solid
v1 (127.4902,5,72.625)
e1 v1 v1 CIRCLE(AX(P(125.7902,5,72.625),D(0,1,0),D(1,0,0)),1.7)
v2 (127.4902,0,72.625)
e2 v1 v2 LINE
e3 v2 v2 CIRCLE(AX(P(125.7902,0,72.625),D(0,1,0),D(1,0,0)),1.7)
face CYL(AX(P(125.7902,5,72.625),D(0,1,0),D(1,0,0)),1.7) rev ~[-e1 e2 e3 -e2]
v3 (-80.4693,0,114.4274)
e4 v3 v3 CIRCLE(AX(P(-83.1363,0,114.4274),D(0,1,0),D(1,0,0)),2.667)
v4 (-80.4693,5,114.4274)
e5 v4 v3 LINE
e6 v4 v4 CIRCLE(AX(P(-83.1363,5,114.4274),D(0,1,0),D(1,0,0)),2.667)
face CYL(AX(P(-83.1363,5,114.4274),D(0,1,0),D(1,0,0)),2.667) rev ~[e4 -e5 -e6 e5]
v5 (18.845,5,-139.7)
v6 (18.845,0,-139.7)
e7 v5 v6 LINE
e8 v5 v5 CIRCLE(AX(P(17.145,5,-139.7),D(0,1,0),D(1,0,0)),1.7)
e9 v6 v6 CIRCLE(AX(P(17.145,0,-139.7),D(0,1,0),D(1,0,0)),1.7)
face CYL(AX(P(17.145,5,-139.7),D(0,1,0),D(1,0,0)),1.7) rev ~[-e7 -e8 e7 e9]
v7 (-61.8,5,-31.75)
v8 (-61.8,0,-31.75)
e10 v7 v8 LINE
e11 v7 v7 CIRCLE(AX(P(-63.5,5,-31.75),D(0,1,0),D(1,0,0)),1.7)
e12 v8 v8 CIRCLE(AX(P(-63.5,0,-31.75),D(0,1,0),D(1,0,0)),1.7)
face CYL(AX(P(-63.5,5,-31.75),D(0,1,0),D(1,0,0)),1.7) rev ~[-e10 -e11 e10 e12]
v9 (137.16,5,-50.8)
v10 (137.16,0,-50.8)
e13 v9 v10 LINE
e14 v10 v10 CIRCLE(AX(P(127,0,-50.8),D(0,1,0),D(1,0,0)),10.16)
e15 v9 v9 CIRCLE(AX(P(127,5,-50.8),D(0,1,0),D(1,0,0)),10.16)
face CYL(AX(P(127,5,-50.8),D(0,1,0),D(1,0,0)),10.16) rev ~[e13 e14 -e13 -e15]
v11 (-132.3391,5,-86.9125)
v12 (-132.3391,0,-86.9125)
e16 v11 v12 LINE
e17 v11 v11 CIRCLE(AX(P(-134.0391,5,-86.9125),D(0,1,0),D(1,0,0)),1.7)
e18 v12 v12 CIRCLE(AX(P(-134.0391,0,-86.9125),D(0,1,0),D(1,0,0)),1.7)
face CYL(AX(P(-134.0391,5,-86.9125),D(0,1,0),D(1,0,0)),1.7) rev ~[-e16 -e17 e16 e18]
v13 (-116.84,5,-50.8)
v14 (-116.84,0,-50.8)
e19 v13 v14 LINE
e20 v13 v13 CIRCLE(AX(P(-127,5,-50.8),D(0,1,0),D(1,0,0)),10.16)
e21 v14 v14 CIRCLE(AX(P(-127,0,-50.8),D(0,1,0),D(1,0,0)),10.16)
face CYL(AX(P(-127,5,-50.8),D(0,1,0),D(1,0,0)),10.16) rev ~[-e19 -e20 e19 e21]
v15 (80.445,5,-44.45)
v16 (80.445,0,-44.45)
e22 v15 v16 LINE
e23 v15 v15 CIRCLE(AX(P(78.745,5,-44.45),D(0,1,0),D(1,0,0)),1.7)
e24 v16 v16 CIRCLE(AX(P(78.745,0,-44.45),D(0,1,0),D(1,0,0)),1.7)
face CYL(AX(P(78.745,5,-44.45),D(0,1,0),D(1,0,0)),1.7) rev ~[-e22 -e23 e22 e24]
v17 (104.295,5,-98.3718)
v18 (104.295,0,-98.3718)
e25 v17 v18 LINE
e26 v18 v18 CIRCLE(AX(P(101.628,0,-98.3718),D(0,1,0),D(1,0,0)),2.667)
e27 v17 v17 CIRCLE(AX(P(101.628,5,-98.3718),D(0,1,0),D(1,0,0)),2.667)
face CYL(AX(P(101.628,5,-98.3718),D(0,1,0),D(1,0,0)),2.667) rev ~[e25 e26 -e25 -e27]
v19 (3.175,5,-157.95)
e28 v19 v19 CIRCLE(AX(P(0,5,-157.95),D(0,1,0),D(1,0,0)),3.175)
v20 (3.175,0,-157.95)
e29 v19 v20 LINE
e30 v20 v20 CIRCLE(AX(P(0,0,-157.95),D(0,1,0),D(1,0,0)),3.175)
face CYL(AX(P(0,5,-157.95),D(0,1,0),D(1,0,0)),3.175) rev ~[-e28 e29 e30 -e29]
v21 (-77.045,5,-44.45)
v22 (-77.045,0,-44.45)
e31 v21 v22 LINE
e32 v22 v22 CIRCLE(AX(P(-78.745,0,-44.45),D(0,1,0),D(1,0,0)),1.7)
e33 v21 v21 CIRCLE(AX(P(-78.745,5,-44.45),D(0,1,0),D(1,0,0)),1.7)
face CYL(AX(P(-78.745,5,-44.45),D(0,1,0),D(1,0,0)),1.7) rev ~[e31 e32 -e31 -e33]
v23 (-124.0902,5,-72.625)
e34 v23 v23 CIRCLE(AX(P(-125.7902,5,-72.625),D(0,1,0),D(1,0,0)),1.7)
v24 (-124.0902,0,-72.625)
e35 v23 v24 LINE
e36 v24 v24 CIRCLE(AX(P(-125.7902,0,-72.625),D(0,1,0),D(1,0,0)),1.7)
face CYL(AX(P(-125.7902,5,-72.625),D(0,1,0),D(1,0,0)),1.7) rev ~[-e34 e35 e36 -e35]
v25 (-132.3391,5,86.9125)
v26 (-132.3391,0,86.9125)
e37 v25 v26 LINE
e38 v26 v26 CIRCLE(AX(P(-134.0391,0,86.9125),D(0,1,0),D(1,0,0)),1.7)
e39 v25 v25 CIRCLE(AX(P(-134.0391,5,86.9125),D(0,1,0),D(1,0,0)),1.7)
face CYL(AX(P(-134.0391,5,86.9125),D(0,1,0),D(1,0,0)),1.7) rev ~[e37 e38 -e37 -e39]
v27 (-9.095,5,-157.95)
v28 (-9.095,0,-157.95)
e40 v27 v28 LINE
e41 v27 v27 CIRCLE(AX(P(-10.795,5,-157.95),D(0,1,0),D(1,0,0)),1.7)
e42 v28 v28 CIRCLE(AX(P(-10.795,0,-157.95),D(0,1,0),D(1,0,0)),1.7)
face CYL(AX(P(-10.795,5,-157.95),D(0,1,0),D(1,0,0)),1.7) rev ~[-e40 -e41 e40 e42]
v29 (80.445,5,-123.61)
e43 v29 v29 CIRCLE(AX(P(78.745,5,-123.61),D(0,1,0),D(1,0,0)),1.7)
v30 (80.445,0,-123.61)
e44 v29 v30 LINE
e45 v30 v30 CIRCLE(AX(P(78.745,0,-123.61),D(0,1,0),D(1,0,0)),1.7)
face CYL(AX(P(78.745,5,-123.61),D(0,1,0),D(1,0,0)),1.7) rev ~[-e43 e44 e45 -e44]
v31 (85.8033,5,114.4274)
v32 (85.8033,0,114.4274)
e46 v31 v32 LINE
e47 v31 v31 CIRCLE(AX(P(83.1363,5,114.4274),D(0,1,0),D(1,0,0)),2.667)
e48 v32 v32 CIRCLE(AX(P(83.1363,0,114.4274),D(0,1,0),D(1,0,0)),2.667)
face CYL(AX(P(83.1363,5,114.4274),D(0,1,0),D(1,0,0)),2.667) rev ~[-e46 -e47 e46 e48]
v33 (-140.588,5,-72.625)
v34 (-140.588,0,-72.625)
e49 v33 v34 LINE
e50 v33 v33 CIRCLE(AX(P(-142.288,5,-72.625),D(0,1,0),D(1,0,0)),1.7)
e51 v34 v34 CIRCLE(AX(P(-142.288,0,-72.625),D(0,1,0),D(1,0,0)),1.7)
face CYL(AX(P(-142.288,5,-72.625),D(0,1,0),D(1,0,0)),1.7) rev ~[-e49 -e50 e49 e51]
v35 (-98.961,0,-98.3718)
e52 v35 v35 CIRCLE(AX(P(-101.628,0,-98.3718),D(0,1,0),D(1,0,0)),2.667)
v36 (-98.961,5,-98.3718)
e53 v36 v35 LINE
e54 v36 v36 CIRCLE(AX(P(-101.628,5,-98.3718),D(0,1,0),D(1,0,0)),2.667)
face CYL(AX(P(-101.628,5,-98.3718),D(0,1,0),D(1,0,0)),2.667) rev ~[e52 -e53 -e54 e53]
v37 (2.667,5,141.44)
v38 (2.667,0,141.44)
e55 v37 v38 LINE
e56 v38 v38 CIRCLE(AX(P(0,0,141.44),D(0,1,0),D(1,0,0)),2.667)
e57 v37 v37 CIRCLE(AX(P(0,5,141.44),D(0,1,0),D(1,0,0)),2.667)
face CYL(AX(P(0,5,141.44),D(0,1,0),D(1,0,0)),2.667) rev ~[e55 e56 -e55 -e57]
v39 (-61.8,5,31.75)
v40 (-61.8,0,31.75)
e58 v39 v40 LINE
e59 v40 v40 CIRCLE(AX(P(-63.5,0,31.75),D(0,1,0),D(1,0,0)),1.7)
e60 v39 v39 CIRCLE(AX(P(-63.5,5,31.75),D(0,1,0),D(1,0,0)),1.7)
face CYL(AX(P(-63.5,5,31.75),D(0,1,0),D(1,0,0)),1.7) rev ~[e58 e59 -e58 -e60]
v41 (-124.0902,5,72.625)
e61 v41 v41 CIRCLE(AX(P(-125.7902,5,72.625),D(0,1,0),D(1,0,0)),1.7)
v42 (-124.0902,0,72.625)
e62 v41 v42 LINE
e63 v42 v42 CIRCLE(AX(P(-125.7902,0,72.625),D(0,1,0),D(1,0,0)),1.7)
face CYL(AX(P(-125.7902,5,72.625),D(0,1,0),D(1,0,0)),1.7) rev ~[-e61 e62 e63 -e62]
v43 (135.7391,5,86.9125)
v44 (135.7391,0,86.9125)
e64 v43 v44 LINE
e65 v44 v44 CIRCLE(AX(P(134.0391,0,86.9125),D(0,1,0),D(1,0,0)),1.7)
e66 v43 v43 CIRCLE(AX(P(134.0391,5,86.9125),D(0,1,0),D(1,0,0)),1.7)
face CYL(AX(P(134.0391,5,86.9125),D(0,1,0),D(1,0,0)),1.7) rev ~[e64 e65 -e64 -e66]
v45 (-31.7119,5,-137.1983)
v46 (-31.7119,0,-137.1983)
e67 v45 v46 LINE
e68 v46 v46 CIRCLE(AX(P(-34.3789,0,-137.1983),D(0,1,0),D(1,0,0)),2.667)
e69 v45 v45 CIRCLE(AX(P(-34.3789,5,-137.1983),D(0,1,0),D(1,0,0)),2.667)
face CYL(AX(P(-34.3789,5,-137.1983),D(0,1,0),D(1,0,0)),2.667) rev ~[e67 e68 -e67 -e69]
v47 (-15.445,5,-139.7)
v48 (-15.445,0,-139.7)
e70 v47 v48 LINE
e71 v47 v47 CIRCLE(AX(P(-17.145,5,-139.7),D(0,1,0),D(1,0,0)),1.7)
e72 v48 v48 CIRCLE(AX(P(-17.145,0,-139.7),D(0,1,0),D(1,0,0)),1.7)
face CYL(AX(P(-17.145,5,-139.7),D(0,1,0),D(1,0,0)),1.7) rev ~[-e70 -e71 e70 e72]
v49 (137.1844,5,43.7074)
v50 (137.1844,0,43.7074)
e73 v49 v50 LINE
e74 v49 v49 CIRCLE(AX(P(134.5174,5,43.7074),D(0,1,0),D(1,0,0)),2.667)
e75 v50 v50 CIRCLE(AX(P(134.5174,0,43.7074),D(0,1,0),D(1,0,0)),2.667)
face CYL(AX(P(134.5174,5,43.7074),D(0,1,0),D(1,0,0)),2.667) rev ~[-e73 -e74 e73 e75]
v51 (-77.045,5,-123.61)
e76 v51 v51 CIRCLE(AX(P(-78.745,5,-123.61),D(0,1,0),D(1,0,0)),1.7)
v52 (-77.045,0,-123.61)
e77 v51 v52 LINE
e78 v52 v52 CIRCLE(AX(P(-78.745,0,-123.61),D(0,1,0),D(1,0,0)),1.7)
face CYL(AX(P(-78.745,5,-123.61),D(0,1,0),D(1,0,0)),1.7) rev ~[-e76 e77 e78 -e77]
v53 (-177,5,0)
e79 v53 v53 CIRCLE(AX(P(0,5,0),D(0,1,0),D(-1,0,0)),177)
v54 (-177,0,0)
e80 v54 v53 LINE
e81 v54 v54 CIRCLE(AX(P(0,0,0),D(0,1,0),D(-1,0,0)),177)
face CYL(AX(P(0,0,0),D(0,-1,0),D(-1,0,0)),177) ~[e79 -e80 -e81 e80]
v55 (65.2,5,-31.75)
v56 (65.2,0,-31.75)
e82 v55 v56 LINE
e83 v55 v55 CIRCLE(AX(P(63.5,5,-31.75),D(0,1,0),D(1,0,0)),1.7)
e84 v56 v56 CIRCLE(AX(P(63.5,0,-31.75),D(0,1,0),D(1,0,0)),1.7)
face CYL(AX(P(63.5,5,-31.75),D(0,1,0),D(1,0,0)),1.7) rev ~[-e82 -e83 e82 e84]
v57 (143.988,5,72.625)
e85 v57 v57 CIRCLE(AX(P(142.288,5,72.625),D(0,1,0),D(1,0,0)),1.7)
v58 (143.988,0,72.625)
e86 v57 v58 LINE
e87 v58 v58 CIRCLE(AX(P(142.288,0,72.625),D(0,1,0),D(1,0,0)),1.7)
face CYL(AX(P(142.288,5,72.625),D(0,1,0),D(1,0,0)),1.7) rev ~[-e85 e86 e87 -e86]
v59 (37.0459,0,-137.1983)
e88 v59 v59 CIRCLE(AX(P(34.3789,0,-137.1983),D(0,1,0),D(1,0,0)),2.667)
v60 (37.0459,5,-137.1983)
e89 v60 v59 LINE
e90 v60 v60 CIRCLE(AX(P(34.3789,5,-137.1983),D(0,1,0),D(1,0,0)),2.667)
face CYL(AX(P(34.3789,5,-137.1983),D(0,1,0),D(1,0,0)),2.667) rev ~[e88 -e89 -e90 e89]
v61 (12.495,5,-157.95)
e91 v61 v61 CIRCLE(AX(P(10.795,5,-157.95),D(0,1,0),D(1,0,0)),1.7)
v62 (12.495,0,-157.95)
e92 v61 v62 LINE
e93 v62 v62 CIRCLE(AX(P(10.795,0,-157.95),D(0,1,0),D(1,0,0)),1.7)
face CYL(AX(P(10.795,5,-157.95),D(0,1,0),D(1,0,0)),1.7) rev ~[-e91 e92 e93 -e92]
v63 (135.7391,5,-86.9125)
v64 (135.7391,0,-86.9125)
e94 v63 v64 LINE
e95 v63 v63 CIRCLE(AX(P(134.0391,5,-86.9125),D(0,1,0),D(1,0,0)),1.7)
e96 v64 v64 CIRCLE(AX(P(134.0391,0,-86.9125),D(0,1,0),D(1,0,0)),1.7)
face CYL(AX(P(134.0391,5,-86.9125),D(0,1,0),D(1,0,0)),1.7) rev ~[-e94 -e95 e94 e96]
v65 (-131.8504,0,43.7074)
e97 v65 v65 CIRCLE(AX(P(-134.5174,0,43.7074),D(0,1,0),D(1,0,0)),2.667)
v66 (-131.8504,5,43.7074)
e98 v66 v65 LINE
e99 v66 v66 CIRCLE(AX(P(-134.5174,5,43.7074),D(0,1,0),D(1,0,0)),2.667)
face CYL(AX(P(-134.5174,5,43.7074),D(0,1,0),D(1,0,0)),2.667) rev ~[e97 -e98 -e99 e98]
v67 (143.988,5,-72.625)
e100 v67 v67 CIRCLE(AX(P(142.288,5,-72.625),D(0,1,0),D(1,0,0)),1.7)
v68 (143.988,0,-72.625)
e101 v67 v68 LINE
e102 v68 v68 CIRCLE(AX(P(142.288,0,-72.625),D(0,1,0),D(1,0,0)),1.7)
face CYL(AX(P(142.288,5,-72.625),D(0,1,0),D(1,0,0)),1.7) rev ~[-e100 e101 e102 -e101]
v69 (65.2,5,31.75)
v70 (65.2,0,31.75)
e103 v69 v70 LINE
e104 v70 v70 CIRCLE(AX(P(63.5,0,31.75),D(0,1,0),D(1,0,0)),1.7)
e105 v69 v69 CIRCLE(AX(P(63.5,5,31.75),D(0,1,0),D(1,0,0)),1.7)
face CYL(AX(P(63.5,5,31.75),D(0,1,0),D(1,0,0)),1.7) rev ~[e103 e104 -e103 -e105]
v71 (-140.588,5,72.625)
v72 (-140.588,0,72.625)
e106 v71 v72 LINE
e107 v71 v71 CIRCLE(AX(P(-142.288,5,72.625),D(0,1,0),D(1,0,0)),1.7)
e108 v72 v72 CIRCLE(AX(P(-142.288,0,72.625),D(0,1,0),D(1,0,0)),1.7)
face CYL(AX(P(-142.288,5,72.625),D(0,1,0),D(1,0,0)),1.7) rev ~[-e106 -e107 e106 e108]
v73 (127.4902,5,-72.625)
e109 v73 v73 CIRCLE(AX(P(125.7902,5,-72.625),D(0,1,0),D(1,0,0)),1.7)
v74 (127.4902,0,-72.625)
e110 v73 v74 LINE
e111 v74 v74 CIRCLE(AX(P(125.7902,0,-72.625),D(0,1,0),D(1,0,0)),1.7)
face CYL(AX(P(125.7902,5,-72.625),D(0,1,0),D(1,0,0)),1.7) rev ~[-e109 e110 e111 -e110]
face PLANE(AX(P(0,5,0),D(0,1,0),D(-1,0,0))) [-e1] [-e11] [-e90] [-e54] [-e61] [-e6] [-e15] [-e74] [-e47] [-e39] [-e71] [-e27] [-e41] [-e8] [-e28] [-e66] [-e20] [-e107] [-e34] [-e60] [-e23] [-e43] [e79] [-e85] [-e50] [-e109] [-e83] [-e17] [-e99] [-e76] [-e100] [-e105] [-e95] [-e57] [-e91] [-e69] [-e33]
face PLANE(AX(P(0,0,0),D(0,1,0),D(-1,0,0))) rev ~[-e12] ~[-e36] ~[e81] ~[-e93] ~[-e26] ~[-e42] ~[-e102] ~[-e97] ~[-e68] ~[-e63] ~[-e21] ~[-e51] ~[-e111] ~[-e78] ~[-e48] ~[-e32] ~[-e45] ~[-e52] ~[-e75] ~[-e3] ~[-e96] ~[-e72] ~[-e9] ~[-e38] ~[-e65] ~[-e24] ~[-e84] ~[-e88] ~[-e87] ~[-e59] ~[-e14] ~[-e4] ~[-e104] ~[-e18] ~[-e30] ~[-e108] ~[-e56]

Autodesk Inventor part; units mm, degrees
ref_plane "YZ Plane" through (0, 0, 0) normal (1, 0, 0) x (0, 1, 0)
ref_plane "XZ Plane" through (0, 0, 0) normal (0, 1, 0) x (-1, 0, 0)
ref_plane "XY Plane" through (0, 0, 0) normal (0, 0, 1) x (1, 0, 0)
sketch "Sketch1" plane through (0, 0, 0) normal (0, 1, 0) x (-1, 0, 0)
  circle A0 centre (0, 0) radius 177
  dimension "d0" = 354
extrude "Extrusion1" add sketch "Sketch1" along normal blind 5
sketch "Sketch2" plane through (0, 5, 0) normal (0, 1, 0) x (1, 0, 0)
  line L0 (0, 0) -> (153.2865, -88.5) construction
  circle A0 centre (0, 0) radius 177 construction
  line L1 (-177, 0) -> (177, 0) construction
  circle A1 centre (142.288, -82.15) radius 1.7
  line L2 (142.288, -82.15) -> (134.0391, -77.3875) construction
  circle A2 centre (142.288, -72.625) radius 1.7
  circle A3 centre (134.0391, -67.8625) radius 1.7
  circle A4 centre (125.7902, -72.625) radius 1.7
  circle A5 centre (125.7902, -82.15) radius 1.7
  circle A6 centre (134.0391, -86.9125) radius 1.7
  line L3 (0, 177) -> (0, -177) construction
  circle A7 centre (0, 0) radius 177 construction
  circle A8 centre (-142.288, -72.625) radius 1.7
  circle A9 centre (-125.7902, -72.625) radius 1.7
  circle A10 centre (-134.0391, -86.9125) radius 1.7
  circle A11 centre (0, 0) radius 177 construction
  circle A12 centre (142.288, 72.625) radius 1.7
  circle A13 centre (125.7902, 72.625) radius 1.7
  circle A14 centre (134.0391, 86.9125) radius 1.7
  circle A15 centre (-125.7902, 72.625) radius 1.7
  circle A16 centre (-142.288, 72.625) radius 1.7
  circle A17 centre (-134.0391, 86.9125) radius 1.7
  dimension "d3" = 30
  dimension "d4" = 3.4
  dimension "d5" = 12.7
  dimension "d6" = 9.525
  dimension "d9" = 360
extrude "Standoffs" cut sketch "Sketch2" against normal through all contours A2 | A4 | A6 | A8 | A9 | A10 | A12 | A13 | A14 | A15 | A16 | A17
sketch "Sketch3" plane through (0, 5, 0) normal (0, 1, 0) x (1, 0, 0)
  circle A0 centre (-127, 50.8) radius 10.16
  circle A1 centre (127, 50.8) radius 10.16
  circle A2 centre (0, 0) radius 177 construction
  circle A3 centre (0, 0) radius 177 construction
  line L0 (0, 0) -> (0, 177) construction
  line L1 (0, 0) -> (177, 0) construction
  line L2 (0, 0) -> (-177, 0) construction
  dimension "d13" = 20.32
  dimension "d14" = 20.32
  dimension "d19" = 127
  dimension "d20" = 127
  dimension "d21" = 50.8
  dimension "d22" = 50.8
extrude "Wires" cut sketch "Sketch3" against normal through all
sketch "Sketch4" plane through (0, 5, 0) normal (0, 1, 0) x (1, 0, 0)
  circle A0 centre (0, -141.44) radius 2.667
  circle A1 centre (0, 0) radius 177 construction
  line L0 (0, 0) -> (0, -177) construction
  line L1 (0, -177) -> (48.7641, -177) construction
  circle A2 centre (83.1363, -114.4274) radius 2.667
  circle A3 centre (-83.1363, -114.4274) radius 2.667
  circle A4 centre (134.5174, -43.7074) radius 2.667
  circle A5 centre (-134.5174, -43.7074) radius 2.667
  circle A6 centre (-34.3789, 137.1983) radius 2.667
  circle A7 centre (-101.628, 98.3718) radius 2.667
  line L2 (0, 0) -> (-34.3789, 137.1983) construction
  line L3 (0, 177) -> (0, -177) construction
  line L4 (-101.628, 98.3718) -> (0, 0) construction
  circle A8 centre (34.3789, 137.1983) radius 2.667
  circle A9 centre (101.628, 98.3718) radius 2.667
  dimension "d25" = 5.334
  dimension "d28" = 35.56
  dimension "d31" = 144
  dimension "d67" = 5.334
  dimension "d68" = 5.334
  dimension "d69" = 14.067
  dimension "d70" = 141.44
  dimension "d71" = 45.933
  dimension "d73" = 141.44
extrude "Zip Ties" cut sketch "Sketch4" against normal through all
sketch "Sketch5" plane through (0, 5, 0) normal (0, 1, 0) x (1, 0, 0)
  circle A0 centre (-63.5, 31.75) radius 1.7
  circle A1 centre (0, 0) radius 177 construction
  line L0 (-177, 0) -> (177, 0) construction
  line L1 (0, -177) -> (0, 177) construction
  circle A2 centre (63.5, 31.75) radius 1.7
  circle A3 centre (-63.5, -31.75) radius 1.7
  circle A4 centre (63.5, -31.75) radius 1.7
  dimension "d35" = 3.4
  dimension "d36" = 63.5
  dimension "d37" = 31.75
extrude "LiDAR" cut sketch "Sketch5" along normal through all both and the other way through all
sketch "Sketch6" plane through (0, 5, 0) normal (0, 1, 0) x (1, 0, 0)
  circle A0 centre (-17.145, 139.7) radius 1.7
  circle A1 centre (0, 0) radius 177 construction
  line L0 (-177, 0) -> (177, 0) construction
  line L1 (0, -196.4897) -> (0, 177) construction
  circle A2 centre (17.145, 139.7) radius 1.7
  dimension "d40" = 3.4
  dimension "d41" = 17.145
  dimension "d42" = 139.7
extrude "Astra Camera" cut sketch "Sketch6" against normal through all
sketch "Sketch7" plane through (0, 5, 0) normal (0, 1, 0) x (1, 0, 0)
  circle A0 centre (0, 0) radius 177 construction
  line L0 (-177, 0) -> (177, 0) construction
  line L1 (0, 177) -> (0, -177) construction
  circle A1 centre (-78.745, 44.45) radius 1.7
  circle A2 centre (-78.745, 123.61) radius 1.7
  circle A3 centre (78.745, 44.45) radius 1.7
  circle A4 centre (78.745, 123.61) radius 1.7
  dimension "d45" = 3.4
  dimension "d46" = 44.45
  dimension "d47" = 78.745
  dimension "d48" = 3.4
  dimension "d50" = 78.745
  dimension "d51" = 79.16
extrude "Display" cut sketch "Sketch7" against normal through all
sketch "Sketch8" plane through (0, 5, 0) normal (0, 1, 0) x (1, 0, 0)
  circle A0 centre (-10.795, 157.95) radius 1.7
  circle A1 centre (10.795, 157.95) radius 1.7
  circle A2 centre (0, 157.95) radius 3.175
  circle A3 centre (0, 0) radius 177 construction
  line L0 (0, 177) -> (46.0077, 177) construction
  line L1 (0, 177) -> (0, -177) construction
  dimension "d54" = 3.4
  dimension "d55" = 3.4
  dimension "d57" = 6.35
  dimension "d59" = 19.05
  dimension "d60" = 19.05
  dimension "d61" = 19.05
  dimension "d63" = 10.795
  dimension "d64" = 10.795
extrude "Arducam" cut sketch "Sketch8" against normal through all
equation "\"d0\" = robot_diameter"
equation "\"d1\" = hardboard_thickness"
equation "\"d4\" = m3_clearance"
equation "\"d14\" = d13"
equation "\"d22\" = d21"
equation "\"d67\" = d25"
equation "\"d68\" = d25"
equation "\"d73\" = d70"
equation "\"d35\" = m3_clearance"
equation "\"d40\" = m3_clearance"
equation "\"d45\" = m3_clearance"
equation "\"d48\" = d49"
equation "\"d50\" = d47"
equation "\"d54\" = m3_clearance"
equation "\"d55\" = d56"
equation "\"d60\" = d59"
equation "\"d61\" = d59"
equation "\"m3_heat_set_insert\" = 4"
equation "\"m3_clearance\" = 3.4"
equation "\"m3_heat_set_depth\" = 7"
equation "\"robot_diameter\" = 354"
equation "\"hardboard_thickness\" = 5"
equation "\"motor_centerline_height\" = 13"
equation "\"d49\" = 3.4"
equation "\"d56\" = 3.4"
properties part number "layer6_new"
